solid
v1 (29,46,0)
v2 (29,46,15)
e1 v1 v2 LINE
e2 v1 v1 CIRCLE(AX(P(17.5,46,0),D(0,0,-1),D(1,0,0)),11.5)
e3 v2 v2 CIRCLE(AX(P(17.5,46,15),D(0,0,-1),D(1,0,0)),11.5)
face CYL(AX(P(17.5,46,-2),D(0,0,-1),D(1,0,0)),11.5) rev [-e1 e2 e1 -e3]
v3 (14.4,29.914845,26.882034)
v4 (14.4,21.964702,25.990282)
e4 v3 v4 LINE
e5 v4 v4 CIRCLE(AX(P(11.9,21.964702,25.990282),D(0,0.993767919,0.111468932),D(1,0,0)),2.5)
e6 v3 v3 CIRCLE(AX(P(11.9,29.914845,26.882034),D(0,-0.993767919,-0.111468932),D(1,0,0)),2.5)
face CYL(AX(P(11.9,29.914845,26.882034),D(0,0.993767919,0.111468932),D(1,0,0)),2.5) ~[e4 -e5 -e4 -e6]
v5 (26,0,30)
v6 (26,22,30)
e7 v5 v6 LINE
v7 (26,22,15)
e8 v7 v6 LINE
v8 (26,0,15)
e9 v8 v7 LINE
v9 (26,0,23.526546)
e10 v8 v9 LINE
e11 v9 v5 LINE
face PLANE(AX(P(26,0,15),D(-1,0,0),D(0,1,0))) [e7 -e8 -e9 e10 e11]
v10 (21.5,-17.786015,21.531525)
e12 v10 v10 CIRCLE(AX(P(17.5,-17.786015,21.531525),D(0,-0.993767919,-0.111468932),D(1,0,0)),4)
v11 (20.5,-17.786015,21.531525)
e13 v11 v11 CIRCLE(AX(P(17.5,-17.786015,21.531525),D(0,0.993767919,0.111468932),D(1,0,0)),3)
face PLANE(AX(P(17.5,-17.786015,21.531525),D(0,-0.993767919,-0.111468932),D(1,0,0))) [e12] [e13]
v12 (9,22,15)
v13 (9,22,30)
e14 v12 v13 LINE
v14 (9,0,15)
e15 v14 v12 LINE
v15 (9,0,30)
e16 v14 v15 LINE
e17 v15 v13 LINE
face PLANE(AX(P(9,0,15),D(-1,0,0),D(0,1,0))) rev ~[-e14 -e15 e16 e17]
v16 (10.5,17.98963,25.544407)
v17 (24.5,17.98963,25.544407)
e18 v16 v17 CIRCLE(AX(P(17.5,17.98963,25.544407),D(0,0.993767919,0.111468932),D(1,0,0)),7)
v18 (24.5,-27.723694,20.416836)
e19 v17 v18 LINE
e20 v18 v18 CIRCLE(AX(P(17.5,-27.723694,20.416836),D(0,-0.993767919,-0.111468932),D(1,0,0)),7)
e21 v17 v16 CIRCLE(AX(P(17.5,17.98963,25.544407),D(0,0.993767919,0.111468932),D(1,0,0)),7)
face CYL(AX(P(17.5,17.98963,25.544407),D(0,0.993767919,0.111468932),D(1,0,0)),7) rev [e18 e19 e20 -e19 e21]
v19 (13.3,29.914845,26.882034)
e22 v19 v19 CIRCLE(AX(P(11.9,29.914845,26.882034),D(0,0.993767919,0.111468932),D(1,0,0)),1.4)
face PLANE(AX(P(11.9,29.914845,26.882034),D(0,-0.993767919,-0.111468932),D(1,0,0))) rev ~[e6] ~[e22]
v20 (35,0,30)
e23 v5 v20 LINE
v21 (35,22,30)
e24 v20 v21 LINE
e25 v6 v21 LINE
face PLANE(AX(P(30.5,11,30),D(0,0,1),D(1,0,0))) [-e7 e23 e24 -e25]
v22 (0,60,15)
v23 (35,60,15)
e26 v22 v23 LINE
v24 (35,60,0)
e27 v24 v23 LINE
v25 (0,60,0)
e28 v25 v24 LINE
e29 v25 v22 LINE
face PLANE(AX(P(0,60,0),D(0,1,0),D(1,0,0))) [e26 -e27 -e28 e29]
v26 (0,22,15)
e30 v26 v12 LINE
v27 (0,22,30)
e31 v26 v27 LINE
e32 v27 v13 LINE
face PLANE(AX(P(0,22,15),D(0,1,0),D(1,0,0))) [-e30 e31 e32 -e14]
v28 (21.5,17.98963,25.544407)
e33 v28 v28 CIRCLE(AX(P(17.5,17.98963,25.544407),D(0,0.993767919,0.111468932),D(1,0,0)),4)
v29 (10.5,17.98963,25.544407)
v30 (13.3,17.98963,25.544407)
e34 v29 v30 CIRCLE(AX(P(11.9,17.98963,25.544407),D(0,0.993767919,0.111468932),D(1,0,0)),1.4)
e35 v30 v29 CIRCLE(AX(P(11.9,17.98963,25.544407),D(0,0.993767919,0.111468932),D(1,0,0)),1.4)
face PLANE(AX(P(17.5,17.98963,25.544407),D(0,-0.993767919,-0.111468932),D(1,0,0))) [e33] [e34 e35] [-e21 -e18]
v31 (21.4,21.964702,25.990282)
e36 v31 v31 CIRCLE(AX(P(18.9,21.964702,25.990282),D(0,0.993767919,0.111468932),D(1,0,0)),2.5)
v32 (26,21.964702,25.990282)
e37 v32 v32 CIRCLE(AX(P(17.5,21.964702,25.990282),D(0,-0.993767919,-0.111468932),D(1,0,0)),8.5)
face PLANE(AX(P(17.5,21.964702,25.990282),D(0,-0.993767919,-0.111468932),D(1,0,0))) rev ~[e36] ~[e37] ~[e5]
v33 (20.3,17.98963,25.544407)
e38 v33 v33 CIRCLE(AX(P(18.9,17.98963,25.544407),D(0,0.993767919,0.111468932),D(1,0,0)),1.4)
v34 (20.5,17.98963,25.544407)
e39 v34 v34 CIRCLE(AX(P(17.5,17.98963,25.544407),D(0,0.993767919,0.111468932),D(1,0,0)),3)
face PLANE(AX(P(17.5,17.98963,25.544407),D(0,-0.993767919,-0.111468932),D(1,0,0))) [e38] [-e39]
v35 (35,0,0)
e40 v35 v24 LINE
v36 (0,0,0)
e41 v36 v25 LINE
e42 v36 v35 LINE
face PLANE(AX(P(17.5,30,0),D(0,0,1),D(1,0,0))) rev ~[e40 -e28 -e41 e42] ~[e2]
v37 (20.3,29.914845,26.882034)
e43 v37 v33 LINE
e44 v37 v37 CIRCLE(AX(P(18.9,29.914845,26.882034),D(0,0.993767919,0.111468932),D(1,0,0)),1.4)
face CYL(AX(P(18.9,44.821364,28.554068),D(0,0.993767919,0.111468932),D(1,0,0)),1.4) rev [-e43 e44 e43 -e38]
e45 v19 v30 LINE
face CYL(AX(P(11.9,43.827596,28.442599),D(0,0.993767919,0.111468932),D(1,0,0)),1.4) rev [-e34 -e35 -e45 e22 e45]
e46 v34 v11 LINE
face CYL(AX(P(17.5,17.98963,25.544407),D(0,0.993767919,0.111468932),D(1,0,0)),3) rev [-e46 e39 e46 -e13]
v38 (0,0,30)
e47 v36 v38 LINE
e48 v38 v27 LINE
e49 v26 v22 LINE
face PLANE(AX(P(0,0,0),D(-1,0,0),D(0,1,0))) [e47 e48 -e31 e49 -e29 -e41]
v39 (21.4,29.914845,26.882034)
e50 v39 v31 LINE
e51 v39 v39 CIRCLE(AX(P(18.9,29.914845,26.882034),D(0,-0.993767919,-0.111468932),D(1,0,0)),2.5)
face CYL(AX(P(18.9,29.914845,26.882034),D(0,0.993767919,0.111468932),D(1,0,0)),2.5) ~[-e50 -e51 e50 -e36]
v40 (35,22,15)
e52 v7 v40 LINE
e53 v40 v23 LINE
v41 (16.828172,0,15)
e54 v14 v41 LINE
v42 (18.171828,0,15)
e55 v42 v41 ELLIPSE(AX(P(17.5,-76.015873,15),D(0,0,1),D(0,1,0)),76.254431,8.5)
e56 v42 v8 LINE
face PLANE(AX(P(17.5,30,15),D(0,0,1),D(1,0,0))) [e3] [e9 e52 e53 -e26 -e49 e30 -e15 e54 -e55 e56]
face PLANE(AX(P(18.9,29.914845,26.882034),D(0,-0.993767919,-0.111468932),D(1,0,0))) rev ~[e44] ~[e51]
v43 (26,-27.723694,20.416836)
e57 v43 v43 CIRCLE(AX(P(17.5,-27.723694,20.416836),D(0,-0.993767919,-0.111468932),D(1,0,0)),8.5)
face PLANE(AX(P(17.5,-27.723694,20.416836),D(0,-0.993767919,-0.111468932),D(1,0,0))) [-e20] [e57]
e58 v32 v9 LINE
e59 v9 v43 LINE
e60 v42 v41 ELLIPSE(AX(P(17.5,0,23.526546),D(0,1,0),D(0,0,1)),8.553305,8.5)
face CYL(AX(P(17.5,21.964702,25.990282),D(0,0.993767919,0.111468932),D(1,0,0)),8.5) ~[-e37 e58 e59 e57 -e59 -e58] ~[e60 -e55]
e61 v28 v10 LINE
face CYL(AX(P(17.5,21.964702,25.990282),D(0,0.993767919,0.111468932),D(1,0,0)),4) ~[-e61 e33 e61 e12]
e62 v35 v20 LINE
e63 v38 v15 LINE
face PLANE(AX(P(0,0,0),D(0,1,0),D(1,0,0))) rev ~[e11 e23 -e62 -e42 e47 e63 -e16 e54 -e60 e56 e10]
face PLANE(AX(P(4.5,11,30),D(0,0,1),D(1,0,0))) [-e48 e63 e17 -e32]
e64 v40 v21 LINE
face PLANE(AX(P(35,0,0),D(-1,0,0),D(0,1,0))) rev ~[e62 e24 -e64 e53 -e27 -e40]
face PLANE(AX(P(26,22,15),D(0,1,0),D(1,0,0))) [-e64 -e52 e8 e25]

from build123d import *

# Parameters (mm, degrees)
CYLINDER010_R          = 11.5
CYLINDER010_DEPTH      = 20
BOX_W                  = 35
BOX_H                  = 60
BOX_DEPTH              = 15
BOX002_W               = 9
BOX002_H               = 22
BOX002_DEPTH           = 15
BOX001_W               = 9
BOX001_H               = 22
BOX001_DEPTH           = 15
CYLINDER009_R          = 1.4
CYLINDER009_DEPTH      = 50
CYLINDER008_R          = 2.5
CYLINDER008_DEPTH      = 12
CYLINDER007_R          = 1.4
CYLINDER007_DEPTH      = 50
CYLINDER006_R          = 2.5
CYLINDER006_DEPTH      = 12
CYLINDER005_R          = 3
CYLINDER005_DEPTH      = 60
CYLINDER004_R          = 4
CYLINDER004_DEPTH      = 40
CYLINDER002_R          = 7
CYLINDER002_DEPTH      = 46
CYLINDER_R             = 8.5
CYLINDER_DEPTH         = 50
CUT004_PLACEMENT_ANGLE = 6.4


with BuildPart() as cylinder010:
    # Cylinder010 → Cylinder010 (new body)
    with BuildSketch(Plane(origin=(17.5, 46, -2), x_dir=(1, 0, 0), z_dir=(0, 0, 1))):
        Circle(CYLINDER010_R)
    extrude(amount=CYLINDER010_DEPTH)


with BuildPart() as cut:
    # Box → Box (new body)
    with BuildSketch(Plane.XY):
        with Locations((17.5, 30)):
            Rectangle(BOX_W, BOX_H)
    extrude(amount=BOX_DEPTH)

    # Cut: cut Cylinder010
    add(cylinder010.part, mode=Mode.SUBTRACT)


with BuildPart() as cube002:
    # Box002 → Box002 (new body)
    with BuildSketch(Plane(origin=(26, 0, 15), x_dir=(1, 0, 0), z_dir=(0, 0, 1))):
        with Locations((4.5, 11)):
            Rectangle(BOX002_W, BOX002_H)
    extrude(amount=BOX002_DEPTH)


with BuildPart() as cube001:
    # Box001 → Box001 (new body)
    with BuildSketch(Plane.XY.offset(15)):
        with Locations((4.5, 11)):
            Rectangle(BOX001_W, BOX001_H)
    extrude(amount=BOX001_DEPTH)


with BuildPart() as cylinder009:
    # Cylinder009 → Cylinder009 (new body)
    with BuildSketch(Plane(origin=(11.9, 44, 26), x_dir=(1, 0, 0), z_dir=(0, -1, 0))):
        Circle(CYLINDER009_R)
    extrude(amount=CYLINDER009_DEPTH)


with BuildPart() as cylinder008:
    # Cylinder008 → Cylinder008 (new body)
    with BuildSketch(Plane(origin=(11.9, 30, 26), x_dir=(1, 0, 0), z_dir=(0, -1, 0))):
        Circle(CYLINDER008_R)
    extrude(amount=CYLINDER008_DEPTH)


with BuildPart() as cylinder007:
    # Cylinder007 → Cylinder007 (new body)
    with BuildSketch(Plane(origin=(18.9, 45, 26), x_dir=(1, 0, 0), z_dir=(0, -1, 0))):
        Circle(CYLINDER007_R)
    extrude(amount=CYLINDER007_DEPTH)


with BuildPart() as cylinder006:
    # Cylinder006 → Cylinder006 (new body)
    with BuildSketch(Plane(origin=(18.9, 30, 26), x_dir=(1, 0, 0), z_dir=(0, -1, 0))):
        Circle(CYLINDER006_R)
    extrude(amount=CYLINDER006_DEPTH)


with BuildPart() as cylinder005:
    # Cylinder005 → Cylinder005 (new body)
    with BuildSketch(Plane(origin=(17.5, 18, 26), x_dir=(1, 0, 0), z_dir=(0, -1, 0))):
        Circle(CYLINDER005_R)
    extrude(amount=CYLINDER005_DEPTH)


with BuildPart() as cut002:
    # Cylinder004 → Cylinder004 (new body)
    with BuildSketch(Plane(origin=(17.5, 22, 26), x_dir=(1, 0, 0), z_dir=(0, -1, 0))):
        Circle(CYLINDER004_R)
    extrude(amount=CYLINDER004_DEPTH)

    # Cut002: cut Cylinder005
    add(cylinder005.part, mode=Mode.SUBTRACT)


with BuildPart() as cylinder002:
    # Cylinder002 → Cylinder002 (new body)
    with BuildSketch(Plane(origin=(17.5, 18, 26), x_dir=(1, 0, 0), z_dir=(0, -1, 0))):
        Circle(CYLINDER002_R)
    extrude(amount=CYLINDER002_DEPTH)


with BuildPart() as fusion004:
    # Cylinder → Cylinder (new body)
    with BuildSketch(Plane(origin=(17.5, 22, 26), x_dir=(1, 0, 0), z_dir=(0, -1, 0))):
        Circle(CYLINDER_R)
    extrude(amount=CYLINDER_DEPTH)

    # Cut001: cut Cylinder002
    add(cylinder002.part, mode=Mode.SUBTRACT)

    # Fusion: union Cut002
    add(cut002.part)

    # Fusion001: union Cylinder006
    add(cylinder006.part)

    # Cut003: cut Cylinder007
    add(cylinder007.part, mode=Mode.SUBTRACT)

    # Fusion002: union Cylinder008
    add(cylinder008.part)

    # Cut004: cut Cylinder009
    add(cylinder009.part, mode=Mode.SUBTRACT)


with BuildPart() as fusion004_1:
    # Cut004 placement: moved
    add(fusion004.part.moved(Location((0, 3, -2.3))).rotate(Axis((0, 3, -2.3), (1, 0, 0)), CUT004_PLACEMENT_ANGLE))

    # Fusion003: union Cube002, Cube001
    add(cube002.part)
    add(cube001.part)

    # Fusion004: union Cut
    add(cut.part)


solid = fusion004_1.part
